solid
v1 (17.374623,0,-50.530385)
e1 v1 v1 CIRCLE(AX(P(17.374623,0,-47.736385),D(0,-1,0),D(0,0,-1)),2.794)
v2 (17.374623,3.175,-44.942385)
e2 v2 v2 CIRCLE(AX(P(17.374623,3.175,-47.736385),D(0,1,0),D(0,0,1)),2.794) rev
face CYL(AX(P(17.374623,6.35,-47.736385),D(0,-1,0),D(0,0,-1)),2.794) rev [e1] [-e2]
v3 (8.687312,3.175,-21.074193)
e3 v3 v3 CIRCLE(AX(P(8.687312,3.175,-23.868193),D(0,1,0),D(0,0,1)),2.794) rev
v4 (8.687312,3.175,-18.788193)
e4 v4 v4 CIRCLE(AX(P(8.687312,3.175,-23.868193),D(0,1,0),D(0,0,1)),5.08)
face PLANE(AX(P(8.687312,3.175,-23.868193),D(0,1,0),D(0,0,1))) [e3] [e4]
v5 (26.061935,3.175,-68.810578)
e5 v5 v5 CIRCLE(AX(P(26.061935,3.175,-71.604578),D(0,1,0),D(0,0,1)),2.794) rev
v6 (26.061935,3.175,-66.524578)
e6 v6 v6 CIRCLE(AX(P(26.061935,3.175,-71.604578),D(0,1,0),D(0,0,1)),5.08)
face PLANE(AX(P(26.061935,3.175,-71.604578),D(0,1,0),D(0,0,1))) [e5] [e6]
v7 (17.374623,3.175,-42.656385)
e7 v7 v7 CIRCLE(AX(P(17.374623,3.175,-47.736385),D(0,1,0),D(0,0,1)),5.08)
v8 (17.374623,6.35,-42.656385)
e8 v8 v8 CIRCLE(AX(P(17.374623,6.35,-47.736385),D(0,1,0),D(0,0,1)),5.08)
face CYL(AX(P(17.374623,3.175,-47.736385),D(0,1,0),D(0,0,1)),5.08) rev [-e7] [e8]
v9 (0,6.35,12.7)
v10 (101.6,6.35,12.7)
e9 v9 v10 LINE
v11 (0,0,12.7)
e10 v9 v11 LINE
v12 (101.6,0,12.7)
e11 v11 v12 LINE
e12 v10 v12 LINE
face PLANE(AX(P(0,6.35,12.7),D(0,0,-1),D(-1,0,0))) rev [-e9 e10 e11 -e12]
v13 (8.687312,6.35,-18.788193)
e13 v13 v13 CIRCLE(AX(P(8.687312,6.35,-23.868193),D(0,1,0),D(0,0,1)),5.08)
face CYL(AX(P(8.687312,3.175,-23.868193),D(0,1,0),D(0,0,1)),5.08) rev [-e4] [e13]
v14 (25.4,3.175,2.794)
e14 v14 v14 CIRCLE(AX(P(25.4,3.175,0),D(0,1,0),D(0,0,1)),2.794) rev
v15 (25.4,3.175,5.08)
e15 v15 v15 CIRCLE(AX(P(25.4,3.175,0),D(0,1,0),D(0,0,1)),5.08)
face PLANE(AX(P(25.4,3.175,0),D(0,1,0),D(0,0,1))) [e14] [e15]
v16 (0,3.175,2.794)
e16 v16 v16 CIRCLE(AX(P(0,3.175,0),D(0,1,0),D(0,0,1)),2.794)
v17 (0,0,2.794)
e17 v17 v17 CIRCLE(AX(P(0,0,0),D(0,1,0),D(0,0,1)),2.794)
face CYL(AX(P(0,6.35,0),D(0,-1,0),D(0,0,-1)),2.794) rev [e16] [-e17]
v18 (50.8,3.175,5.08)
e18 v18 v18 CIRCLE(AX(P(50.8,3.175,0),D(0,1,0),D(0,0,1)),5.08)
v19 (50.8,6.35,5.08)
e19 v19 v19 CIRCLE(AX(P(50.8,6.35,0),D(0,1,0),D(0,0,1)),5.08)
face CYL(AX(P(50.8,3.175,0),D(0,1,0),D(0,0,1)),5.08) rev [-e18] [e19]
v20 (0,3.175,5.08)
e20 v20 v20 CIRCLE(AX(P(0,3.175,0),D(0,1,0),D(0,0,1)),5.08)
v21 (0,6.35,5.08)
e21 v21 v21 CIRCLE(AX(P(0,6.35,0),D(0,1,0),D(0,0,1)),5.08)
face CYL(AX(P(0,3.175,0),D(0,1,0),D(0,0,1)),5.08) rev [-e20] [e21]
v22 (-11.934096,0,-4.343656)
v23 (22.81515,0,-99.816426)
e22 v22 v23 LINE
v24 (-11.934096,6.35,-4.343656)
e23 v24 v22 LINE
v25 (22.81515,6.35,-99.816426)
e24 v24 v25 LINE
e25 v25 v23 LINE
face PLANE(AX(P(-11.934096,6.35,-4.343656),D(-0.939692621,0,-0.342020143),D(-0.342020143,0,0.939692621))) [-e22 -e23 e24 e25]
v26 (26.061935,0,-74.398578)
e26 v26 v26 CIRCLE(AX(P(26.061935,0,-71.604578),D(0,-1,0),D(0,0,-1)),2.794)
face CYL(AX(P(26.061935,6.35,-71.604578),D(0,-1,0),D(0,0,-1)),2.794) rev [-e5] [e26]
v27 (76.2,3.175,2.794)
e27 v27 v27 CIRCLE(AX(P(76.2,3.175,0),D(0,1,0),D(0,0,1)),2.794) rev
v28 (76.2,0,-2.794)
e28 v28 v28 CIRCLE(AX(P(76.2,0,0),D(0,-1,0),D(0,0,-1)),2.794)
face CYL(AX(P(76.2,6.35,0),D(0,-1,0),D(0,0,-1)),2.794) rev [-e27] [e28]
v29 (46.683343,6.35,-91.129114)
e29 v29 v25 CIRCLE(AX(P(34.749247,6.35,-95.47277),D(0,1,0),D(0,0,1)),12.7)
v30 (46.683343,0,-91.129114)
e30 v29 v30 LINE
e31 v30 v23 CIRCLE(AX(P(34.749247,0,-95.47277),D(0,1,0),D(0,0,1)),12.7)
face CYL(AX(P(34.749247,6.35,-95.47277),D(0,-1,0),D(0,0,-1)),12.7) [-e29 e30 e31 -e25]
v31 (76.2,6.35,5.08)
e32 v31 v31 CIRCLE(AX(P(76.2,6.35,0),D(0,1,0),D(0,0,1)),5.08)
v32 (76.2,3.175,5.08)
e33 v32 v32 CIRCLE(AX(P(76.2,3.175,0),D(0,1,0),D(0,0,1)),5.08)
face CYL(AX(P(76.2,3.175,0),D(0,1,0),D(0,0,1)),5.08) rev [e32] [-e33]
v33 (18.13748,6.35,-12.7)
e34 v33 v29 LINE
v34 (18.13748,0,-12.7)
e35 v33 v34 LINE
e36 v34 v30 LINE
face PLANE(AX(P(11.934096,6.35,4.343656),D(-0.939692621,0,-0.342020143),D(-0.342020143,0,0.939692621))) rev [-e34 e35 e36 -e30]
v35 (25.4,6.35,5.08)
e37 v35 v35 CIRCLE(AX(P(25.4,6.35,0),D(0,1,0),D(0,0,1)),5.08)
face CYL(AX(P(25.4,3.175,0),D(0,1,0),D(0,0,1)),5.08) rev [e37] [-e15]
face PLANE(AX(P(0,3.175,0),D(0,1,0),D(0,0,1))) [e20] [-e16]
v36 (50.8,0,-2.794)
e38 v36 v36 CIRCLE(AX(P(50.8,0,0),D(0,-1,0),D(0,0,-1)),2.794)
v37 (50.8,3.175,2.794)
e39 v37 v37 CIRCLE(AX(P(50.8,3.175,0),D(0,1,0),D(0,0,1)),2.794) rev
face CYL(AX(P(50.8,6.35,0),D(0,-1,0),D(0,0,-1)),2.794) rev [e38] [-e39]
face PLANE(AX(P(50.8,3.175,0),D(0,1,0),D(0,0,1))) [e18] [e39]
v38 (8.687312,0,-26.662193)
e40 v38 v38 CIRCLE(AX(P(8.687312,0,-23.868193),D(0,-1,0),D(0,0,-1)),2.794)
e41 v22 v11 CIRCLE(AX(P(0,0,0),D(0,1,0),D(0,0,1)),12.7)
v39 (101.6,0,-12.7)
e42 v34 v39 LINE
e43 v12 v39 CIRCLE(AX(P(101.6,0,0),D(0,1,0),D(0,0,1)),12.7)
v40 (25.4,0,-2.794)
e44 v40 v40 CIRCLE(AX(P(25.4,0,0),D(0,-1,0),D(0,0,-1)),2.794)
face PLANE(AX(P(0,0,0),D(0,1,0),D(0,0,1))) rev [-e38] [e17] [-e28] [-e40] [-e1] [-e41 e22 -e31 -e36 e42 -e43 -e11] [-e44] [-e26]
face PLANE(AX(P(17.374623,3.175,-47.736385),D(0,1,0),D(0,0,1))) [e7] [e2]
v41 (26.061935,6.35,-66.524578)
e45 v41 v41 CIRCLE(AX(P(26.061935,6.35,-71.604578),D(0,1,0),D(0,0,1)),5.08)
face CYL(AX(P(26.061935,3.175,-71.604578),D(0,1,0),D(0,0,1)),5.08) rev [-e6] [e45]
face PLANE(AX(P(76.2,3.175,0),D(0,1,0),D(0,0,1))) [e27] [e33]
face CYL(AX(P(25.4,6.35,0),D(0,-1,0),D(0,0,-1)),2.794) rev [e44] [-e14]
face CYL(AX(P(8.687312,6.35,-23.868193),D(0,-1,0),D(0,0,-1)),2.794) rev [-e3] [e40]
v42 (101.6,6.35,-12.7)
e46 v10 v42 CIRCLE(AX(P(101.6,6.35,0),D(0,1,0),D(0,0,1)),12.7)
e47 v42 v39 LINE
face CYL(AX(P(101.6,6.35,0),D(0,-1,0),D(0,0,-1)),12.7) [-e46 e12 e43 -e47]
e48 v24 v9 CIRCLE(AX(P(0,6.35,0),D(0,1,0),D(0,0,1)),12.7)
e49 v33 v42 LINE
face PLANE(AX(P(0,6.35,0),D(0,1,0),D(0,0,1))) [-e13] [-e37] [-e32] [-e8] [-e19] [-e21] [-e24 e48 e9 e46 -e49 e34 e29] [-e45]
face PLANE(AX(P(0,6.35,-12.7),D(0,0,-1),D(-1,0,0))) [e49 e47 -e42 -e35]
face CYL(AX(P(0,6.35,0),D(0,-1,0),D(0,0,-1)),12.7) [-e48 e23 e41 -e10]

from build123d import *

# Parameters (mm, degrees)
SKETCH5_R            = 2.794
BOSS_EXTRUDE21_DEPTH = 6.35
SKETCH6_R            = 2.794
CUT_EXTRUDE3_DEPTH   = 6.35
SKETCH7_R            = 5.08
CUT_EXTRUDE4_DEPTH   = 3.175


with BuildPart() as part:
    # Sketch5 → Boss-Extrude21 (new body)
    # profile 1 of 3: a face of its own
    with BuildSketch(Plane(origin=(0, 0, 0), x_dir=(1, 0, 0), z_dir=(0, 1, 0))):
        with BuildLine():
            Line((101.6, 12.7), (18.137479686, 12.7))
            Line((18.137479686, 12.7), (11.934096284, -4.34365582))
            ThreePointArc((11.934096284, -4.34365582), (7.284420742, -10.403230962), (0, -12.7))
            Line((0, -12.7), (101.6, -12.7))
            ThreePointArc((101.6, -12.7), (114.3, 0), (101.6, 12.7))
        make_face()
    # profile 2 of 3: a face of its own
    with BuildSketch(Plane(origin=(0, 0, 0), x_dir=(1, 0, 0), z_dir=(0, 1, 0))):
        with BuildLine():
            ThreePointArc((-11.934096284, 4.34365582), (-7.284420742, 10.403230962), (0, 12.7))
            Line((0, 12.7), (18.137479686, 12.7))
            Line((18.137479686, 12.7), (46.683342846, 91.129114452))
            ThreePointArc((46.683342846, 91.129114452), (39.092902382, 107.406866556), (22.815150278, 99.816426092))
            Line((22.815150278, 99.816426092), (-11.934096284, 4.34365582))
        make_face()
    # profile 3 of 3: a face of its own
    with BuildSketch(Plane(origin=(0, 0, 0), x_dir=(1, 0, 0), z_dir=(0, 1, 0))):
        with BuildLine():
            Line((18.137479686, 12.7), (0, 12.7))
            ThreePointArc((0, 12.7), (-7.284420742, 10.403230962), (-11.934096284, 4.34365582))
            ThreePointArc((-11.934096284, 4.34365582), (-10.403230962, -7.284420742), (0, -12.7))
            ThreePointArc((0, -12.7), (7.284420742, -10.403230962), (11.934096284, -4.34365582))
            Line((11.934096284, -4.34365582), (18.137479686, 12.7))
        make_face()
        with Locations(Location((0, 0, 0), (0, 0, 270))):
            Circle(SKETCH5_R, mode=Mode.SUBTRACT)
    extrude(amount=BOSS_EXTRUDE21_DEPTH)

    # Sketch6 → Cut-Extrude3 (cut)
    with BuildSketch(Plane(origin=(0, 0, 0), x_dir=(-1, 0, 0), z_dir=(0, -1, 0))):
        with Locations(Location((-50.8, 0, 0), (0, 0, 90))):
            Circle(SKETCH6_R)
        with Locations(Location((-17.374623281, 47.736385136, 0), (0, 0, 90))):
            Circle(SKETCH6_R)
        with Locations(Location((-25.4, 0, 0), (0, 0, 90))):
            Circle(SKETCH6_R)
        with Locations(Location((-76.2, 0, 0), (0, 0, 90))):
            Circle(SKETCH6_R)
        with Locations(Location((-8.68731164, 23.868192568, 0), (0, 0, 90))):
            Circle(SKETCH6_R)
        with Locations(Location((-26.061934921, 71.604577704, 0), (0, 0, 90))):
            Circle(SKETCH6_R)
    extrude(amount=-CUT_EXTRUDE3_DEPTH, mode=Mode.SUBTRACT)

    # Sketch7 → Cut-Extrude4 (cut)
    with BuildSketch(Plane(origin=(0, 6.35, 0), x_dir=(1, 0, 0), z_dir=(0, 1, 0))):
        with Locations(Location((26.061934921, 71.604577704, 0), (0, 0, 270))):
            Circle(SKETCH7_R)
        with Locations(Location((17.374623281, 47.736385136, 0), (0, 0, 270))):
            Circle(SKETCH7_R)
        with Locations(Location((8.68731164, 23.868192568, 0), (0, 0, 270))):
            Circle(SKETCH7_R)
        with Locations(Location((0, 0, 0), (0, 0, 270))):
            Circle(SKETCH7_R)
        with Locations(Location((25.4, 0, 0), (0, 0, 270))):
            Circle(SKETCH7_R)
        with Locations(Location((50.8, 0, 0), (0, 0, 270))):
            Circle(SKETCH7_R)
        with Locations(Location((76.2, 0, 0), (0, 0, 270))):
            Circle(SKETCH7_R)
    extrude(amount=-CUT_EXTRUDE4_DEPTH, mode=Mode.SUBTRACT)


solid = part.part
